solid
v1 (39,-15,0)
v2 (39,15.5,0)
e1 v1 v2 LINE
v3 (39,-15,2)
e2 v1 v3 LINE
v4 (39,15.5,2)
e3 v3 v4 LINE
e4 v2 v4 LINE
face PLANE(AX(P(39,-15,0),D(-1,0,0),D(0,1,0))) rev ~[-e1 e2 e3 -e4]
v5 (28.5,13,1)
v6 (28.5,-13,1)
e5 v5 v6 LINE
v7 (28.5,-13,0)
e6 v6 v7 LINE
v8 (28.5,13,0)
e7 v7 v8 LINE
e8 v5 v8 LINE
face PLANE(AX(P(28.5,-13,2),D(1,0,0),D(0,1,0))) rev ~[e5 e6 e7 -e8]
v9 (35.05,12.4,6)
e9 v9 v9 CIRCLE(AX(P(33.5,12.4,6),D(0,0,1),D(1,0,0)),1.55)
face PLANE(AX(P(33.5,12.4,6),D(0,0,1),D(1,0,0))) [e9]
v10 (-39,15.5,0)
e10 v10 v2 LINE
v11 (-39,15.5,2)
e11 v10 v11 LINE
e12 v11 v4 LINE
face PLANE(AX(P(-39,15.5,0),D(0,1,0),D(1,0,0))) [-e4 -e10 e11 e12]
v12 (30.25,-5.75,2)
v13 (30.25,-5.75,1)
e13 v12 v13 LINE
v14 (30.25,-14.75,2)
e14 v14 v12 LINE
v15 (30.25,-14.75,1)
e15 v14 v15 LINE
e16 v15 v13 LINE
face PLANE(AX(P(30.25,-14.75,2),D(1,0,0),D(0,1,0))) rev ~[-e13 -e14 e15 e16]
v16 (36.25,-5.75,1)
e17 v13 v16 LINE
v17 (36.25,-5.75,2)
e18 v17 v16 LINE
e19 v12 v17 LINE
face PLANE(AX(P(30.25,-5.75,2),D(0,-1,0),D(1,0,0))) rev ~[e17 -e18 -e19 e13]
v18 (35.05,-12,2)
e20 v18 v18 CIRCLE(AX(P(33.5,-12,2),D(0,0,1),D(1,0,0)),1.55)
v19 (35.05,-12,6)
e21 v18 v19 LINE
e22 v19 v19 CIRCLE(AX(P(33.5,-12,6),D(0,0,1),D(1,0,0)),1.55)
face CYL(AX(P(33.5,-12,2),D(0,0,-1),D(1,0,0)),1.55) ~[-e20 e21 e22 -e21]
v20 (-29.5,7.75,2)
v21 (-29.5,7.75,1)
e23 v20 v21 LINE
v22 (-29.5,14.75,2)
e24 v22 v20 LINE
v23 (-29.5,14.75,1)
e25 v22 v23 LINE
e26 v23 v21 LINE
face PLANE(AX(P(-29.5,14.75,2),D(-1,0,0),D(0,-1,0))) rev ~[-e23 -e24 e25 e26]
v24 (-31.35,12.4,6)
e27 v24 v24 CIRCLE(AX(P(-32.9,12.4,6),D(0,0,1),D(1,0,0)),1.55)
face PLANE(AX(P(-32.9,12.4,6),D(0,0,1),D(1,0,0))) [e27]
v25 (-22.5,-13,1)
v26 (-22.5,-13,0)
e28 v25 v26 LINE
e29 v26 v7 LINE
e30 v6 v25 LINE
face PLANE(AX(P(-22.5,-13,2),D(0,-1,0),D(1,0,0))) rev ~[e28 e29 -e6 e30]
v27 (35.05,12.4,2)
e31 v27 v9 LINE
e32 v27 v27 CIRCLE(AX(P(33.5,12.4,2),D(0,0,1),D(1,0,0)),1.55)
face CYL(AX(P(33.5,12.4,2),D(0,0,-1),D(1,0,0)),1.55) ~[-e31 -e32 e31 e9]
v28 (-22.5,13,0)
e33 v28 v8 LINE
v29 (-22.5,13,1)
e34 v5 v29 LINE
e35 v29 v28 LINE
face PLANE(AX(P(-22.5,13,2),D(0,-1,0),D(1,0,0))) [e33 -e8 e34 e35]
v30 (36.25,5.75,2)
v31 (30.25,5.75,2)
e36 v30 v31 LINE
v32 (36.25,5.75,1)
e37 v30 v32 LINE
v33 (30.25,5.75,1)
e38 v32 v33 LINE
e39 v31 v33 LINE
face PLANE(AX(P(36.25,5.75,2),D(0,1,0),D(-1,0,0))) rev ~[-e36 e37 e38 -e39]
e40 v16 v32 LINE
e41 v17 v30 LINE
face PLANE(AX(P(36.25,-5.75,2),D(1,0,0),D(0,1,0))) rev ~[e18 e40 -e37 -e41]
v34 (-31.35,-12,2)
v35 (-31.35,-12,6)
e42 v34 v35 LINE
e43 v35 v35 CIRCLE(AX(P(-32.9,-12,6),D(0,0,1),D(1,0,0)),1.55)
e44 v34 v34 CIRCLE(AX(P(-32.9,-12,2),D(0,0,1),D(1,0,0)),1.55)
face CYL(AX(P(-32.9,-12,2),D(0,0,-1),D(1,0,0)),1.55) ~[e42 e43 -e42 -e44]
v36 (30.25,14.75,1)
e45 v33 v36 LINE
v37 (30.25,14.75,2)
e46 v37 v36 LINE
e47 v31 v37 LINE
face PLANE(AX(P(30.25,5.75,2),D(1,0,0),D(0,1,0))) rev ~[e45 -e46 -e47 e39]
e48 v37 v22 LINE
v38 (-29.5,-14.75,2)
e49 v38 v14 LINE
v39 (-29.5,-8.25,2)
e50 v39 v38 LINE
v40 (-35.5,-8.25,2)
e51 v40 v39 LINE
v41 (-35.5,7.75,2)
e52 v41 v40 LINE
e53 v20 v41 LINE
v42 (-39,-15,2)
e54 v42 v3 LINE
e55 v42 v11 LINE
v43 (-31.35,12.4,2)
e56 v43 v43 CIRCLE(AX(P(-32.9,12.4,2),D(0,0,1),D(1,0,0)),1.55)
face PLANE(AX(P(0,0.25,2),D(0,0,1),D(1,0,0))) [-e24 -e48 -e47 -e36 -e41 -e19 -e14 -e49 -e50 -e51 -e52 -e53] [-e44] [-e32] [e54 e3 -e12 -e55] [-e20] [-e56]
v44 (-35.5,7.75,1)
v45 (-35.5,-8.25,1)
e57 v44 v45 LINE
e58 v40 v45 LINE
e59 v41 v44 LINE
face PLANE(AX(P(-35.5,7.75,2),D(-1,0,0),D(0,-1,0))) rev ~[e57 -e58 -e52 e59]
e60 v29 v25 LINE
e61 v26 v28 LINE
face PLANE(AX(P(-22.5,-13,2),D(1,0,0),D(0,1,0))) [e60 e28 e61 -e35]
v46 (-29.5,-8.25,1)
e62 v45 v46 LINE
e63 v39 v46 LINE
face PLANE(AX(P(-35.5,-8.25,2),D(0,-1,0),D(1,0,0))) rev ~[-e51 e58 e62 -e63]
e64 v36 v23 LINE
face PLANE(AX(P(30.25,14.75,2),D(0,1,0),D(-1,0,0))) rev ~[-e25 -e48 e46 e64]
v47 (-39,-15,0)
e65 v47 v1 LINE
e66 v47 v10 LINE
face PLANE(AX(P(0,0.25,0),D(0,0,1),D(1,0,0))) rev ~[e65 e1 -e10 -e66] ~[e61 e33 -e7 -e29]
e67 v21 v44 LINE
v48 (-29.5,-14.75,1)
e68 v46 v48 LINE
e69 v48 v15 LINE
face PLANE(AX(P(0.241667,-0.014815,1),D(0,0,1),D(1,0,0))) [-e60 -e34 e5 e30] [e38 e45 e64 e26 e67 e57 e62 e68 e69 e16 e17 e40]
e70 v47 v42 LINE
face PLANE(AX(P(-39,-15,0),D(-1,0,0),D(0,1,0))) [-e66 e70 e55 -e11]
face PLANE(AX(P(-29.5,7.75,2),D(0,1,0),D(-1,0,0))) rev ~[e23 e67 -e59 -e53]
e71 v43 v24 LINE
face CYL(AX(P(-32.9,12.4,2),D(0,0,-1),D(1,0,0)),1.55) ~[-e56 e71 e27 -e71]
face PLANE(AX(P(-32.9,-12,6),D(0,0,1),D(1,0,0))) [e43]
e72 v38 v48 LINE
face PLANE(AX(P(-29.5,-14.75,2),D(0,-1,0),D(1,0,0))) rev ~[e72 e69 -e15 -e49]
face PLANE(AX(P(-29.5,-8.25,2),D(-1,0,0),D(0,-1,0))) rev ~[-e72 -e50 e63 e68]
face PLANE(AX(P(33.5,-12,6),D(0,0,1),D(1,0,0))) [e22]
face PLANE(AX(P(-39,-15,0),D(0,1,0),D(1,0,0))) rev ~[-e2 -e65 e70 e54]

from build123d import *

# Parameters (mm, degrees)
SKETCH_W        = 78
SKETCH_H        = 30.5
PAD_DEPTH       = 2
SKETCH002_W     = 51
SKETCH002_H     = 26
POCKET_DEPTH    = 5
POCKET001_DEPTH = 1
SKETCH001_R     = 1.55
PAD001_DEPTH    = 4


with BuildPart() as part:
    # Sketch → Pad (new body)
    with BuildSketch(Plane.XY):
        with Locations((0, 0.25)):
            Rectangle(SKETCH_W, SKETCH_H)
    extrude(amount=PAD_DEPTH)

    # Sketch002 (on Face6 of Pad) → Pocket (cut)
    with BuildSketch(Plane.XY.offset(2)):
        with Locations((3, 0)):
            Rectangle(SKETCH002_W, SKETCH002_H)
    extrude(amount=-POCKET_DEPTH, mode=Mode.SUBTRACT)

    # Sketch003 (on Face5 of Pocket) → Pocket001 (cut)
    with BuildSketch(Plane.XY.offset(2)):
        Polygon((-35.5, 7.75), (-35.5, -8.25), (-29.5, -8.25), (-29.5, -14.75), (30.25, -14.75), (30.25, -5.75), (36.25, -5.75), (36.25, 5.75), (30.25, 5.75), (30.25, 14.75), (-29.5, 14.75), (-29.5, 7.75), align=None)
    extrude(amount=-POCKET001_DEPTH, mode=Mode.SUBTRACT)

    # Sketch001 (on Face5 of Pocket) → Pad001 (join)
    with BuildSketch(Plane.XY.offset(2)):
        with Locations((33.5, 12.4)):
            Circle(SKETCH001_R)
        with Locations((33.5, -12)):
            Circle(SKETCH001_R)
        with Locations((-32.9, 12.4)):
            Circle(SKETCH001_R)
        with Locations((-32.9, -12)):
            Circle(SKETCH001_R)
    extrude(amount=PAD001_DEPTH)


solid = part.part
